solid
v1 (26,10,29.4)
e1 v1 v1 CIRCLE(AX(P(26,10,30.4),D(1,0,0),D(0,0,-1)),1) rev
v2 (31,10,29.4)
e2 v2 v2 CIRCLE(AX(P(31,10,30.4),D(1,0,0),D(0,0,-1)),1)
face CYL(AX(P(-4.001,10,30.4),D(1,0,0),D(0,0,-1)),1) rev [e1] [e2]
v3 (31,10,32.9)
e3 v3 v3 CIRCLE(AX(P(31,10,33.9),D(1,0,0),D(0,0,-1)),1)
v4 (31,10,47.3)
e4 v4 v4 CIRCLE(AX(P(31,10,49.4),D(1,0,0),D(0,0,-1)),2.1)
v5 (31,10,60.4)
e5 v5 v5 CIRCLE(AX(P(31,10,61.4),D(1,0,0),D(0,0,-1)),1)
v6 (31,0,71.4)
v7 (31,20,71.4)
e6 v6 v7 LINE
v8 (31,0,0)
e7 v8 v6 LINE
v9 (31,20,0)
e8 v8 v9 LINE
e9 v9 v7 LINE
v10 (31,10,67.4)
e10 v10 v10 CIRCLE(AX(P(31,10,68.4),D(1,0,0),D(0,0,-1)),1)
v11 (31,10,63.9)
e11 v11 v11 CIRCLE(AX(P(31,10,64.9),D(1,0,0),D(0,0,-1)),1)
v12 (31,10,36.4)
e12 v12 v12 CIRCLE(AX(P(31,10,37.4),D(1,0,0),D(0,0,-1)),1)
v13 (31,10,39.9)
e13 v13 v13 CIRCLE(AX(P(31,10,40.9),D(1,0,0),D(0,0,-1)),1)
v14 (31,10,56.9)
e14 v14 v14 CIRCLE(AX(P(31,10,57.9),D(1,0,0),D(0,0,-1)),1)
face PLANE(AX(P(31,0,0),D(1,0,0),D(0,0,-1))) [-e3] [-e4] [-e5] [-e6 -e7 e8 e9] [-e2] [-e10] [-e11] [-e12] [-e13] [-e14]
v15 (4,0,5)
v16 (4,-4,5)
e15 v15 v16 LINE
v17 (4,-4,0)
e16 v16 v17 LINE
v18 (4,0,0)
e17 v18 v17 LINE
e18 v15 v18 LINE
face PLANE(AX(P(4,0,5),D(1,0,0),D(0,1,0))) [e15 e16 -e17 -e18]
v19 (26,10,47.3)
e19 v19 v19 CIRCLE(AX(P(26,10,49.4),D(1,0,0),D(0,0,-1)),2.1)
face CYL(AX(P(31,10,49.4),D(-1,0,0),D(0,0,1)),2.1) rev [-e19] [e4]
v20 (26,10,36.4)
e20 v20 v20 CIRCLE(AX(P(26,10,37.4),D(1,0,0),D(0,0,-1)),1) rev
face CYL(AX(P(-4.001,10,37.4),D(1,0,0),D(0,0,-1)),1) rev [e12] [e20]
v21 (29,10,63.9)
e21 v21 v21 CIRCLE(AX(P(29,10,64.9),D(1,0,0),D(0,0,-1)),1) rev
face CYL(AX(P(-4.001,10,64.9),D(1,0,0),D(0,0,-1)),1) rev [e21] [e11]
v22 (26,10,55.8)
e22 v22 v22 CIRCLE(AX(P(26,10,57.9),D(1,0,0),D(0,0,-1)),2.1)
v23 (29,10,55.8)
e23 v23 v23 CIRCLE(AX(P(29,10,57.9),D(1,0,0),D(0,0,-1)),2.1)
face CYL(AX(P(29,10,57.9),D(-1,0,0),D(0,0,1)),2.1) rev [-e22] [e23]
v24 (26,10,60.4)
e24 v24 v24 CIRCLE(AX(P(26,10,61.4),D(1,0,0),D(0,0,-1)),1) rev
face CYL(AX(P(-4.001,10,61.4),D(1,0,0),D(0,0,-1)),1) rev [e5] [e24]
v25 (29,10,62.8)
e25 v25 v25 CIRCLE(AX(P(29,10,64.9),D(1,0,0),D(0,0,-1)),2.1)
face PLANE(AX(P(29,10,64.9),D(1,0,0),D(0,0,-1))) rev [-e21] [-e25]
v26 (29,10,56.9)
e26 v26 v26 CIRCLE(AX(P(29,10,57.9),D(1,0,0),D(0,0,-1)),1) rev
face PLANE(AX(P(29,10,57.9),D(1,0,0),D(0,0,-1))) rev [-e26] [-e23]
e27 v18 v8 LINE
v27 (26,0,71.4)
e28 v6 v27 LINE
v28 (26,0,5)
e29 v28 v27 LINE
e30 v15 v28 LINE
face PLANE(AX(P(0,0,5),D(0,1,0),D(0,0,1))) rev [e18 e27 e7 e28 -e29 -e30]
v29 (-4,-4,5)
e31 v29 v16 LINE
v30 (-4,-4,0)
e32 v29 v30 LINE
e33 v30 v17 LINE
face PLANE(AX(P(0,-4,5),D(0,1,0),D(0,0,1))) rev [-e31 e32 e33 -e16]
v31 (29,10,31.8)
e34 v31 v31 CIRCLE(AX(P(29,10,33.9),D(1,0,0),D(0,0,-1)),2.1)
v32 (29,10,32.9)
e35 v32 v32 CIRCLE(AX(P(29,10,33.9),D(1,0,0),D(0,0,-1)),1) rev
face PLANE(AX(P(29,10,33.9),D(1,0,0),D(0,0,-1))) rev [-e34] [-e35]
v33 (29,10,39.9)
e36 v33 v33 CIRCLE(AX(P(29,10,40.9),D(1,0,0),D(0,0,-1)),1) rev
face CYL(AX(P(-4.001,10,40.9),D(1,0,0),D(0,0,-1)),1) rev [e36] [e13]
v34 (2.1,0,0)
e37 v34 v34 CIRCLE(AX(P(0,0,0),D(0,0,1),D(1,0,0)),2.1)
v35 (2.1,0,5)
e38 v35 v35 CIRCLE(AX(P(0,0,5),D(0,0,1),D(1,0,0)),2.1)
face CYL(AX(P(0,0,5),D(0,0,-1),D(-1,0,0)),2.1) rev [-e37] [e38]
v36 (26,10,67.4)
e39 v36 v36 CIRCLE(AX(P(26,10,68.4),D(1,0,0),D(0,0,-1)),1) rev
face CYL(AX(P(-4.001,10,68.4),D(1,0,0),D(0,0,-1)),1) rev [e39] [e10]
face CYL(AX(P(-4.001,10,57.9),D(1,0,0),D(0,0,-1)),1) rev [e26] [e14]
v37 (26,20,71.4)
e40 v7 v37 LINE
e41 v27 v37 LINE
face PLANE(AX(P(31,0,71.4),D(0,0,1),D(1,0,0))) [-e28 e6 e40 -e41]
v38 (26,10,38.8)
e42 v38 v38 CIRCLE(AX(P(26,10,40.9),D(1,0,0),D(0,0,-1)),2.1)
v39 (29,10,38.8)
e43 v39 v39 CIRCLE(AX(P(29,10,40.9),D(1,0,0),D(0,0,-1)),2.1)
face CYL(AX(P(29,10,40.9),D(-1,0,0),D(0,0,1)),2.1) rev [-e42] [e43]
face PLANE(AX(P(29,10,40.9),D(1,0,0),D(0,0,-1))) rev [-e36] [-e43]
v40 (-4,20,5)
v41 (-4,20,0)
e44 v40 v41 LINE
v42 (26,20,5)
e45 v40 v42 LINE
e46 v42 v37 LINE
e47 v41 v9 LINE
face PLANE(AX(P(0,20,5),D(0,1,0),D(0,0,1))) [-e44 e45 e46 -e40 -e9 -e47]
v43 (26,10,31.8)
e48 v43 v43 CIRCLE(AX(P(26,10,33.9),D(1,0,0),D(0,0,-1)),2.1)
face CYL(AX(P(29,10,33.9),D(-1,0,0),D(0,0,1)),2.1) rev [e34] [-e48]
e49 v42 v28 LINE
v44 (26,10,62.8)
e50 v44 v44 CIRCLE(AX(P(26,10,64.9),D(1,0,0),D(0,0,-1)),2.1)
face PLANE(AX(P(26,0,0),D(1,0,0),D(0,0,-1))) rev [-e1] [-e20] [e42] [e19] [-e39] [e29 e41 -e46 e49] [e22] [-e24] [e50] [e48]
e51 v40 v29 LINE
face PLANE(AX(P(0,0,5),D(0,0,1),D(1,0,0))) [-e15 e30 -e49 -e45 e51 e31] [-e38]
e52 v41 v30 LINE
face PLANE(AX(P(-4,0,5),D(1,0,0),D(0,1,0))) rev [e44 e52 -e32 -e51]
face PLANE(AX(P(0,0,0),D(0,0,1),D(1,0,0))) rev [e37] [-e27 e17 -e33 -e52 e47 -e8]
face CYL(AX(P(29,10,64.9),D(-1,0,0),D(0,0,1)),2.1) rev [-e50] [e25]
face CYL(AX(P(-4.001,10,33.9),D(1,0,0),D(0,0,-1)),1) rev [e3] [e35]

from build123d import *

# Parameters (mm, degrees)
CROQUIS1_R              = 2.1
SALIENTE_EXTRUIR1_DEPTH = 5
CROQUIS2_W              = 71.4
CROQUIS2_H              = 20
CROQUIS2_R              = 2.1
SALIENTE_EXTRUIR2_DEPTH = 5
CORTAR_EXTRUIR1_REACH   = 83.994
CROQUIS4_R              = 1
CORTAR_EXTRUIR2_START   = -5
CROQUIS5_R              = 2.1
CORTAR_EXTRUIR2_DEPTH   = 3


with BuildPart() as part:
    # Croquis1 → Saliente-Extruir1 (new body)
    with BuildSketch(Plane.XY):
        Polygon((26, 20), (-4, 20), (-4, -4), (4, -4), (4, 0), (26, 0), align=None)
        Circle(CROQUIS1_R, mode=Mode.SUBTRACT)
    extrude(amount=SALIENTE_EXTRUIR1_DEPTH)

    # Croquis2 → Saliente-Extruir2 (add)
    with BuildSketch(Plane(origin=(26, 0, 0), x_dir=(0, 0, -1), z_dir=(1, 0, 0))):
        with Locations((-35.7, 10)):
            Rectangle(CROQUIS2_W, CROQUIS2_H)
        with Locations((-49.4, 10)):
            Circle(CROQUIS2_R, mode=Mode.SUBTRACT)
    extrude(amount=SALIENTE_EXTRUIR2_DEPTH)

    # Croquis4 → Cortar-Extruir1 (cut, up to next)
    with BuildSketch(Plane(origin=(31, 0, 0), x_dir=(0, 0, -1), z_dir=(1, 0, 0)), mode=Mode.PRIVATE) as cortar_extruir1_sk1:
        with Locations((-68.4, 10)):
            Circle(CROQUIS4_R)
    cortar_extruir1_tool1 = extrude(cortar_extruir1_sk1.sketch, amount=-CORTAR_EXTRUIR1_REACH, mode=Mode.PRIVATE) & part.part
    # Croquis4 → Cortar-Extruir1 (cut, up to next)
    with BuildSketch(Plane(origin=(31, 0, 0), x_dir=(0, 0, -1), z_dir=(1, 0, 0)), mode=Mode.PRIVATE) as cortar_extruir1_sk2:
        with Locations((-64.9, 10)):
            Circle(CROQUIS4_R)
    cortar_extruir1_tool2 = extrude(cortar_extruir1_sk2.sketch, amount=-CORTAR_EXTRUIR1_REACH, mode=Mode.PRIVATE) & part.part
    # Croquis4 → Cortar-Extruir1 (cut, up to next)
    with BuildSketch(Plane(origin=(31, 0, 0), x_dir=(0, 0, -1), z_dir=(1, 0, 0)), mode=Mode.PRIVATE) as cortar_extruir1_sk3:
        with Locations((-61.4, 10)):
            Circle(CROQUIS4_R)
    cortar_extruir1_tool3 = extrude(cortar_extruir1_sk3.sketch, amount=-CORTAR_EXTRUIR1_REACH, mode=Mode.PRIVATE) & part.part
    # Croquis4 → Cortar-Extruir1 (cut, up to next)
    with BuildSketch(Plane(origin=(31, 0, 0), x_dir=(0, 0, -1), z_dir=(1, 0, 0)), mode=Mode.PRIVATE) as cortar_extruir1_sk4:
        with Locations((-57.9, 10)):
            Circle(CROQUIS4_R)
    cortar_extruir1_tool4 = extrude(cortar_extruir1_sk4.sketch, amount=-CORTAR_EXTRUIR1_REACH, mode=Mode.PRIVATE) & part.part
    # Croquis4 → Cortar-Extruir1 (cut, up to next)
    with BuildSketch(Plane(origin=(31, 0, 0), x_dir=(0, 0, -1), z_dir=(1, 0, 0)), mode=Mode.PRIVATE) as cortar_extruir1_sk5:
        with Locations((-40.9, 10)):
            Circle(CROQUIS4_R)
    cortar_extruir1_tool5 = extrude(cortar_extruir1_sk5.sketch, amount=-CORTAR_EXTRUIR1_REACH, mode=Mode.PRIVATE) & part.part
    # Croquis4 → Cortar-Extruir1 (cut, up to next)
    with BuildSketch(Plane(origin=(31, 0, 0), x_dir=(0, 0, -1), z_dir=(1, 0, 0)), mode=Mode.PRIVATE) as cortar_extruir1_sk6:
        with Locations((-37.4, 10)):
            Circle(CROQUIS4_R)
    cortar_extruir1_tool6 = extrude(cortar_extruir1_sk6.sketch, amount=-CORTAR_EXTRUIR1_REACH, mode=Mode.PRIVATE) & part.part
    # Croquis4 → Cortar-Extruir1 (cut, up to next)
    with BuildSketch(Plane(origin=(31, 0, 0), x_dir=(0, 0, -1), z_dir=(1, 0, 0)), mode=Mode.PRIVATE) as cortar_extruir1_sk7:
        with Locations((-33.9, 10)):
            Circle(CROQUIS4_R)
    cortar_extruir1_tool7 = extrude(cortar_extruir1_sk7.sketch, amount=-CORTAR_EXTRUIR1_REACH, mode=Mode.PRIVATE) & part.part
    # Croquis4 → Cortar-Extruir1 (cut, up to next)
    with BuildSketch(Plane(origin=(31, 0, 0), x_dir=(0, 0, -1), z_dir=(1, 0, 0)), mode=Mode.PRIVATE) as cortar_extruir1_sk8:
        with Locations((-30.4, 10)):
            Circle(CROQUIS4_R)
    cortar_extruir1_tool8 = extrude(cortar_extruir1_sk8.sketch, amount=-CORTAR_EXTRUIR1_REACH, mode=Mode.PRIVATE) & part.part
    add(cortar_extruir1_tool1.solids().sort_by_distance((31, 10, 68.4))[0], mode=Mode.SUBTRACT)
    add(cortar_extruir1_tool2.solids().sort_by_distance((31, 10, 64.9))[0], mode=Mode.SUBTRACT)
    add(cortar_extruir1_tool3.solids().sort_by_distance((31, 10, 61.4))[0], mode=Mode.SUBTRACT)
    add(cortar_extruir1_tool4.solids().sort_by_distance((31, 10, 57.9))[0], mode=Mode.SUBTRACT)
    add(cortar_extruir1_tool5.solids().sort_by_distance((31, 10, 40.9))[0], mode=Mode.SUBTRACT)
    add(cortar_extruir1_tool6.solids().sort_by_distance((31, 10, 37.4))[0], mode=Mode.SUBTRACT)
    add(cortar_extruir1_tool7.solids().sort_by_distance((31, 10, 33.9))[0], mode=Mode.SUBTRACT)
    add(cortar_extruir1_tool8.solids().sort_by_distance((31, 10, 30.4))[0], mode=Mode.SUBTRACT)

    # Croquis5 → Cortar-Extruir2 (cut)
    with BuildSketch(Plane(origin=(31, 0, 0), x_dir=(0, 0, -1), z_dir=(1, 0, 0)).offset(CORTAR_EXTRUIR2_START)):
        with Locations((-57.9, 10)):
            Circle(CROQUIS5_R)
        with Locations((-64.9, 10)):
            Circle(CROQUIS5_R)
        with Locations((-40.9, 10)):
            Circle(CROQUIS5_R)
        with Locations((-33.9, 10)):
            Circle(CROQUIS5_R)
    extrude(amount=CORTAR_EXTRUIR2_DEPTH, mode=Mode.SUBTRACT)


solid = part.part
